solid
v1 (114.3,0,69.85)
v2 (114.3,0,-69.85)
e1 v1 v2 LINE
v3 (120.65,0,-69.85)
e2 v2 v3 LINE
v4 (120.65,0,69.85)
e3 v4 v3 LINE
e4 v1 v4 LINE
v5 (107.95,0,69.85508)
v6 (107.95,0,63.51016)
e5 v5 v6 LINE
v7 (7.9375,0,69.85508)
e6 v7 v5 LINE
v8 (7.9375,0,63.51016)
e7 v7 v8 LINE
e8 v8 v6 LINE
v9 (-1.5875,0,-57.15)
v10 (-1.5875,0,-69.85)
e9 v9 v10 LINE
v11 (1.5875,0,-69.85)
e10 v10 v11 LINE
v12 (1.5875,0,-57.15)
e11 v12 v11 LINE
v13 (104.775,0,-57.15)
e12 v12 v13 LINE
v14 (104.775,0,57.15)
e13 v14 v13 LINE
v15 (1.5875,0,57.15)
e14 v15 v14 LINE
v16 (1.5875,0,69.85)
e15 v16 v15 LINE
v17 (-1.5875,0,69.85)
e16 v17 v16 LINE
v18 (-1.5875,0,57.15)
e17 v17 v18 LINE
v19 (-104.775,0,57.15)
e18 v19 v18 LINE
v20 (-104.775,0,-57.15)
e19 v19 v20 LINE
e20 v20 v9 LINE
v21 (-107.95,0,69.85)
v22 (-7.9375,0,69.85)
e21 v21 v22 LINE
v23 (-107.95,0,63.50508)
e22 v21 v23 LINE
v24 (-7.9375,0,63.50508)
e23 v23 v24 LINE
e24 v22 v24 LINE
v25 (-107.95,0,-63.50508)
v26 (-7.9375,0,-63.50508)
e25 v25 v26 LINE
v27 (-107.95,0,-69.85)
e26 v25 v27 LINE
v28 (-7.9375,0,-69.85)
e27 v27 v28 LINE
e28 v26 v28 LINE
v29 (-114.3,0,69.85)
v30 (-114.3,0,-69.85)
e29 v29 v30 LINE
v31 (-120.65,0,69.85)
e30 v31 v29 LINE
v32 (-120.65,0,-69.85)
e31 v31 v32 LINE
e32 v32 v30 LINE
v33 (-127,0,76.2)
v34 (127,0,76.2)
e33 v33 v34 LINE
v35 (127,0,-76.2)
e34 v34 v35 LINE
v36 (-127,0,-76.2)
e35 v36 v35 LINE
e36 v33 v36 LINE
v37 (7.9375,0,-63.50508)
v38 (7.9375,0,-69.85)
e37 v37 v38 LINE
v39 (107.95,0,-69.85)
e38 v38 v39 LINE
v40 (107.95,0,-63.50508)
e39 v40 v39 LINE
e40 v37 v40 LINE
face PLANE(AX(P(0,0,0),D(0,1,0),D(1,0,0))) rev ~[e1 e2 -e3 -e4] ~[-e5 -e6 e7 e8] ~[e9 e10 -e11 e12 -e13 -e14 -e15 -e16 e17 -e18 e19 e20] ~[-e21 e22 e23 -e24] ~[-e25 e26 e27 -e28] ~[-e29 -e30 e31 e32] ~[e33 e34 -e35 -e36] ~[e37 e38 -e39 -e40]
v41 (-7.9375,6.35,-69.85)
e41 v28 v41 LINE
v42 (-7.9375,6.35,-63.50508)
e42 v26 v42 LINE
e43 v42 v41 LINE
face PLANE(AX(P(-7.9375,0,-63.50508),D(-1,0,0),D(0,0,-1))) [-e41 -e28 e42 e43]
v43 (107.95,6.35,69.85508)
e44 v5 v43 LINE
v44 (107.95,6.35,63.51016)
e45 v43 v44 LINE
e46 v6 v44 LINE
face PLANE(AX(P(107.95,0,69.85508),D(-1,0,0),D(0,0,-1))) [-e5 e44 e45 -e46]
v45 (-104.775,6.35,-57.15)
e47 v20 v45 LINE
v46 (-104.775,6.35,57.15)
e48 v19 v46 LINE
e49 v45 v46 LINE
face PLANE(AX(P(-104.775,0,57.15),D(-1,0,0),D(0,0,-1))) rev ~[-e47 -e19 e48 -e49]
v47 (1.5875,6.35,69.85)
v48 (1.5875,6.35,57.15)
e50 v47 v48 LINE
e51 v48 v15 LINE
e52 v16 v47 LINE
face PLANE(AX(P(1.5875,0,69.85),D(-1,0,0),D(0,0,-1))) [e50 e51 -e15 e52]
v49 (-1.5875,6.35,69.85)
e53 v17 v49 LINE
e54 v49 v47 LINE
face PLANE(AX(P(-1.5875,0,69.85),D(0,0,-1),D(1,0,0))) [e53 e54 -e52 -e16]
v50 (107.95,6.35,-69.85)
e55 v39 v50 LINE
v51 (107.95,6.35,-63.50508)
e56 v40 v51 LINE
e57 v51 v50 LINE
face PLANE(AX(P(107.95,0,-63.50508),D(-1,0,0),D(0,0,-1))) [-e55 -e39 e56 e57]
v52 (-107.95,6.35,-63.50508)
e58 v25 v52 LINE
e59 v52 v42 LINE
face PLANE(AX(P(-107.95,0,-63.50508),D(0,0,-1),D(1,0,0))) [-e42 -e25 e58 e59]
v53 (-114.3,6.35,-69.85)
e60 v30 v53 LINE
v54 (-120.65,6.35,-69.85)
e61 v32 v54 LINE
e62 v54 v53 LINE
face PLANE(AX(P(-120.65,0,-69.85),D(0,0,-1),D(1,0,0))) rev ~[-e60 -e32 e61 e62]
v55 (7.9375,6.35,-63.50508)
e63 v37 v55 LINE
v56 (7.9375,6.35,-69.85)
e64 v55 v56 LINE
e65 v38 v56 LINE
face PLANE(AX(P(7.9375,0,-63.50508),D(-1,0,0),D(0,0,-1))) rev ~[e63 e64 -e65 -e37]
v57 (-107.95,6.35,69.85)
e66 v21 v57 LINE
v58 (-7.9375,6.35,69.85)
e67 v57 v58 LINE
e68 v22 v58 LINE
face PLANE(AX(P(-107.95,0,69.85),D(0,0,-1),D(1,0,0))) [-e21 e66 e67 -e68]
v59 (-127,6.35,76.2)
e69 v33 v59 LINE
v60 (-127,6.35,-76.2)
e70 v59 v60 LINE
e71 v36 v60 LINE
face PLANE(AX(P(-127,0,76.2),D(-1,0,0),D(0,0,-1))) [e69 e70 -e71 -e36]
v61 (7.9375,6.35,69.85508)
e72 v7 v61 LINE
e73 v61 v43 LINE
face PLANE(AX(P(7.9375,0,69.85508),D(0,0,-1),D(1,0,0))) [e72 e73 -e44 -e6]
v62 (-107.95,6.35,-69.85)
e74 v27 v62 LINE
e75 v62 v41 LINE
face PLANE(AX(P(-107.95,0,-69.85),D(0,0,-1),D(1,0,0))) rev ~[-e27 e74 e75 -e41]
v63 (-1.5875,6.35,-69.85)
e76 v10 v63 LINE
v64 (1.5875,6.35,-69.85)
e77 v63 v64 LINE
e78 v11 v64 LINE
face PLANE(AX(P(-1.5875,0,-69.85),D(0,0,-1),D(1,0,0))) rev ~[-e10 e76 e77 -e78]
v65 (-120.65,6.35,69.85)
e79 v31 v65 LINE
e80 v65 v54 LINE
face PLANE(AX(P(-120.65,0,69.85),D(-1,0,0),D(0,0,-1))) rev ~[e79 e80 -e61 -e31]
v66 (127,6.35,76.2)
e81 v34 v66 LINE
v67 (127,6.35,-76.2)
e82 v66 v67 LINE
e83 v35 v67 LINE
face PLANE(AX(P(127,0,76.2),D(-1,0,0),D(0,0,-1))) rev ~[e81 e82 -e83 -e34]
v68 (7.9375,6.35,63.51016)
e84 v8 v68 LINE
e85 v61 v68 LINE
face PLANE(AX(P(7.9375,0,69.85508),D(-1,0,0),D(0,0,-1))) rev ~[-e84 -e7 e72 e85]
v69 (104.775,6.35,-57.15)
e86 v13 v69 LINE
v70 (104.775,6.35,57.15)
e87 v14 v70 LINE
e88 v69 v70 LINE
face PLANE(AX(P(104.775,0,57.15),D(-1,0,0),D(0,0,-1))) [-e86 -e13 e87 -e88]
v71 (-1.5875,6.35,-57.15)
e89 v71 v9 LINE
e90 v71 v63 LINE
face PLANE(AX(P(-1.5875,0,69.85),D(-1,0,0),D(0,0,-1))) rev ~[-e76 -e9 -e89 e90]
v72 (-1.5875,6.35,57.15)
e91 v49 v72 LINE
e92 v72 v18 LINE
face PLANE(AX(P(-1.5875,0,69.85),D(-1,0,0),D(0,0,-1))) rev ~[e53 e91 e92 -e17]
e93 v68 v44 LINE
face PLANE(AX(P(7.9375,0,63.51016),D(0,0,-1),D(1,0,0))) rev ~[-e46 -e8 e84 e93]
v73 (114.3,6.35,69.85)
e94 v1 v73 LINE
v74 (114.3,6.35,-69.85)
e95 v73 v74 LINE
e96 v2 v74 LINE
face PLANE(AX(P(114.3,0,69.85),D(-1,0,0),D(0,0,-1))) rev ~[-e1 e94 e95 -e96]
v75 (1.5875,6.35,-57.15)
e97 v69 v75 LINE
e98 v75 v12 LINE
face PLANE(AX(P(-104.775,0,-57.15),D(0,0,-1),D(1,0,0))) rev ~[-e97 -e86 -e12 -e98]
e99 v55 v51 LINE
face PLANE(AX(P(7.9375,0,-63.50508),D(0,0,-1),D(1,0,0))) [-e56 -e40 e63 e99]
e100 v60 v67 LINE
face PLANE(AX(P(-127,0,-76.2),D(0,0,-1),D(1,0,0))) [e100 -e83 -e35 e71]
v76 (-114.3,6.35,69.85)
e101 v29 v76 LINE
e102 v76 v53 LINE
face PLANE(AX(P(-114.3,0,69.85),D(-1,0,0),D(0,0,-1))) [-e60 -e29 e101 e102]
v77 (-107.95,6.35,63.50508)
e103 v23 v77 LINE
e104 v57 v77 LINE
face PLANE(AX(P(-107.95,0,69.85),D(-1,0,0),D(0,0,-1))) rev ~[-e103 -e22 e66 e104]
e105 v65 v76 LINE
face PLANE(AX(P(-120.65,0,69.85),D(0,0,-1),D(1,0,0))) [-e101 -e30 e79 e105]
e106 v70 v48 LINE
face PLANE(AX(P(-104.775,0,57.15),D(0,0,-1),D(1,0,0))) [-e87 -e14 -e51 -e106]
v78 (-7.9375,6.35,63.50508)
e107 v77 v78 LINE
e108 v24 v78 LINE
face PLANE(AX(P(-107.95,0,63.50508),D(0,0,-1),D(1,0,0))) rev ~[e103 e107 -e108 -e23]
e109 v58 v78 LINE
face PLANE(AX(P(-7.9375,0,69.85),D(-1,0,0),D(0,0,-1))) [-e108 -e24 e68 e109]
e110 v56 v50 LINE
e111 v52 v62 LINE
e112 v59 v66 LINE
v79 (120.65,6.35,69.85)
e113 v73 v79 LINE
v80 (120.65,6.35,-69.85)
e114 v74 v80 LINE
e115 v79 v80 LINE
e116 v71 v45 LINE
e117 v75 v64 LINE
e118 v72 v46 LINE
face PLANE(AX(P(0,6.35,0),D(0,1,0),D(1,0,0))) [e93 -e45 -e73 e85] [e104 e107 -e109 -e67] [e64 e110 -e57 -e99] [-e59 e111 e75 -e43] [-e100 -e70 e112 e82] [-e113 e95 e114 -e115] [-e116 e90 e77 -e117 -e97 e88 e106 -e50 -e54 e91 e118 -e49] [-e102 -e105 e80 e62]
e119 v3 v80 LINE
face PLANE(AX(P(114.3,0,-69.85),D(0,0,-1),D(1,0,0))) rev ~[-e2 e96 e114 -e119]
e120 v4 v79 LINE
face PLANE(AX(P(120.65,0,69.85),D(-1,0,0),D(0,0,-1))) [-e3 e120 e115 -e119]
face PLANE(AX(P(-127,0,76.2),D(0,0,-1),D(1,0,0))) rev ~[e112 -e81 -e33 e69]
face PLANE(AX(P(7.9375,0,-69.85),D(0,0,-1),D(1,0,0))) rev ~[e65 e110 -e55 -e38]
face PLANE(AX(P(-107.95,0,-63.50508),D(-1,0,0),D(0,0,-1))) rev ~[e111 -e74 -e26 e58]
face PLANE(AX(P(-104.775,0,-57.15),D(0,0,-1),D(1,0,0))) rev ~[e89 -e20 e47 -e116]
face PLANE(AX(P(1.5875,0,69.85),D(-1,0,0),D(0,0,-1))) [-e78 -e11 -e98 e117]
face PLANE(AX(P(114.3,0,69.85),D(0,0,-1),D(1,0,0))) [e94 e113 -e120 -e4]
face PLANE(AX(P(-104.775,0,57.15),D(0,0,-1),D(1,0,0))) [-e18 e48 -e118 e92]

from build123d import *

# Parameters (mm, degrees)
SKETCH1_W               = 254
SKETCH1_H               = 152.4
SKETCH1_W_2             = 6.35
SKETCH1_H_2             = 139.7
SKETCH1_W_3             = 3.175
SKETCH1_W_4             = 100.0125
SKETCH1_H_3             = 6.34492
BOSS_EXTRUDE1_DEPTH     = 6.35
SKETCH2_W               = 209.55
SKETCH2_H               = 114.3
CUT_EXTRUDE1_DEPTH      = 65.278
CUT_EXTRUDE1_DEPTH_BACK = 127


with BuildPart() as part:
    # Sketch1 → Boss-Extrude1 (new body)
    with BuildSketch(Plane(origin=(0, 0, 0), x_dir=(1, 0, 0), z_dir=(0, 1, 0))):
        Rectangle(SKETCH1_W, SKETCH1_H)
        with Locations((117.475, 0)):
            Rectangle(SKETCH1_W_2, SKETCH1_H_2, mode=Mode.SUBTRACT)
        Rectangle(SKETCH1_W_3, SKETCH1_H_2, mode=Mode.SUBTRACT)
        with Locations((-117.475, 0)):
            Rectangle(SKETCH1_W_2, SKETCH1_H_2, mode=Mode.SUBTRACT)
        with Locations((-57.94375, 66.67754)):
            Rectangle(SKETCH1_W_4, SKETCH1_H_3, mode=Mode.SUBTRACT)
        with Locations((57.94375, -66.68262)):
            Rectangle(SKETCH1_W_4, SKETCH1_H_3, mode=Mode.SUBTRACT)
        with Locations((57.94375, 66.67754)):
            Rectangle(SKETCH1_W_4, SKETCH1_H_3, mode=Mode.SUBTRACT)
        with Locations((-57.94375, -66.67754)):
            Rectangle(SKETCH1_W_4, SKETCH1_H_3, mode=Mode.SUBTRACT)
    extrude(amount=BOSS_EXTRUDE1_DEPTH)

    # Sketch2 → Cut-Extrude1 (cut, two sides)
    with BuildSketch(Plane(origin=(0, 0, 0), x_dir=(1, 0, 0), z_dir=(0, 1, 0))) as cut_extrude1_sk:
        Rectangle(SKETCH2_W, SKETCH2_H)
    extrude(amount=CUT_EXTRUDE1_DEPTH, mode=Mode.SUBTRACT)
    extrude(cut_extrude1_sk.sketch, amount=-CUT_EXTRUDE1_DEPTH_BACK, mode=Mode.SUBTRACT)


solid = part.part
